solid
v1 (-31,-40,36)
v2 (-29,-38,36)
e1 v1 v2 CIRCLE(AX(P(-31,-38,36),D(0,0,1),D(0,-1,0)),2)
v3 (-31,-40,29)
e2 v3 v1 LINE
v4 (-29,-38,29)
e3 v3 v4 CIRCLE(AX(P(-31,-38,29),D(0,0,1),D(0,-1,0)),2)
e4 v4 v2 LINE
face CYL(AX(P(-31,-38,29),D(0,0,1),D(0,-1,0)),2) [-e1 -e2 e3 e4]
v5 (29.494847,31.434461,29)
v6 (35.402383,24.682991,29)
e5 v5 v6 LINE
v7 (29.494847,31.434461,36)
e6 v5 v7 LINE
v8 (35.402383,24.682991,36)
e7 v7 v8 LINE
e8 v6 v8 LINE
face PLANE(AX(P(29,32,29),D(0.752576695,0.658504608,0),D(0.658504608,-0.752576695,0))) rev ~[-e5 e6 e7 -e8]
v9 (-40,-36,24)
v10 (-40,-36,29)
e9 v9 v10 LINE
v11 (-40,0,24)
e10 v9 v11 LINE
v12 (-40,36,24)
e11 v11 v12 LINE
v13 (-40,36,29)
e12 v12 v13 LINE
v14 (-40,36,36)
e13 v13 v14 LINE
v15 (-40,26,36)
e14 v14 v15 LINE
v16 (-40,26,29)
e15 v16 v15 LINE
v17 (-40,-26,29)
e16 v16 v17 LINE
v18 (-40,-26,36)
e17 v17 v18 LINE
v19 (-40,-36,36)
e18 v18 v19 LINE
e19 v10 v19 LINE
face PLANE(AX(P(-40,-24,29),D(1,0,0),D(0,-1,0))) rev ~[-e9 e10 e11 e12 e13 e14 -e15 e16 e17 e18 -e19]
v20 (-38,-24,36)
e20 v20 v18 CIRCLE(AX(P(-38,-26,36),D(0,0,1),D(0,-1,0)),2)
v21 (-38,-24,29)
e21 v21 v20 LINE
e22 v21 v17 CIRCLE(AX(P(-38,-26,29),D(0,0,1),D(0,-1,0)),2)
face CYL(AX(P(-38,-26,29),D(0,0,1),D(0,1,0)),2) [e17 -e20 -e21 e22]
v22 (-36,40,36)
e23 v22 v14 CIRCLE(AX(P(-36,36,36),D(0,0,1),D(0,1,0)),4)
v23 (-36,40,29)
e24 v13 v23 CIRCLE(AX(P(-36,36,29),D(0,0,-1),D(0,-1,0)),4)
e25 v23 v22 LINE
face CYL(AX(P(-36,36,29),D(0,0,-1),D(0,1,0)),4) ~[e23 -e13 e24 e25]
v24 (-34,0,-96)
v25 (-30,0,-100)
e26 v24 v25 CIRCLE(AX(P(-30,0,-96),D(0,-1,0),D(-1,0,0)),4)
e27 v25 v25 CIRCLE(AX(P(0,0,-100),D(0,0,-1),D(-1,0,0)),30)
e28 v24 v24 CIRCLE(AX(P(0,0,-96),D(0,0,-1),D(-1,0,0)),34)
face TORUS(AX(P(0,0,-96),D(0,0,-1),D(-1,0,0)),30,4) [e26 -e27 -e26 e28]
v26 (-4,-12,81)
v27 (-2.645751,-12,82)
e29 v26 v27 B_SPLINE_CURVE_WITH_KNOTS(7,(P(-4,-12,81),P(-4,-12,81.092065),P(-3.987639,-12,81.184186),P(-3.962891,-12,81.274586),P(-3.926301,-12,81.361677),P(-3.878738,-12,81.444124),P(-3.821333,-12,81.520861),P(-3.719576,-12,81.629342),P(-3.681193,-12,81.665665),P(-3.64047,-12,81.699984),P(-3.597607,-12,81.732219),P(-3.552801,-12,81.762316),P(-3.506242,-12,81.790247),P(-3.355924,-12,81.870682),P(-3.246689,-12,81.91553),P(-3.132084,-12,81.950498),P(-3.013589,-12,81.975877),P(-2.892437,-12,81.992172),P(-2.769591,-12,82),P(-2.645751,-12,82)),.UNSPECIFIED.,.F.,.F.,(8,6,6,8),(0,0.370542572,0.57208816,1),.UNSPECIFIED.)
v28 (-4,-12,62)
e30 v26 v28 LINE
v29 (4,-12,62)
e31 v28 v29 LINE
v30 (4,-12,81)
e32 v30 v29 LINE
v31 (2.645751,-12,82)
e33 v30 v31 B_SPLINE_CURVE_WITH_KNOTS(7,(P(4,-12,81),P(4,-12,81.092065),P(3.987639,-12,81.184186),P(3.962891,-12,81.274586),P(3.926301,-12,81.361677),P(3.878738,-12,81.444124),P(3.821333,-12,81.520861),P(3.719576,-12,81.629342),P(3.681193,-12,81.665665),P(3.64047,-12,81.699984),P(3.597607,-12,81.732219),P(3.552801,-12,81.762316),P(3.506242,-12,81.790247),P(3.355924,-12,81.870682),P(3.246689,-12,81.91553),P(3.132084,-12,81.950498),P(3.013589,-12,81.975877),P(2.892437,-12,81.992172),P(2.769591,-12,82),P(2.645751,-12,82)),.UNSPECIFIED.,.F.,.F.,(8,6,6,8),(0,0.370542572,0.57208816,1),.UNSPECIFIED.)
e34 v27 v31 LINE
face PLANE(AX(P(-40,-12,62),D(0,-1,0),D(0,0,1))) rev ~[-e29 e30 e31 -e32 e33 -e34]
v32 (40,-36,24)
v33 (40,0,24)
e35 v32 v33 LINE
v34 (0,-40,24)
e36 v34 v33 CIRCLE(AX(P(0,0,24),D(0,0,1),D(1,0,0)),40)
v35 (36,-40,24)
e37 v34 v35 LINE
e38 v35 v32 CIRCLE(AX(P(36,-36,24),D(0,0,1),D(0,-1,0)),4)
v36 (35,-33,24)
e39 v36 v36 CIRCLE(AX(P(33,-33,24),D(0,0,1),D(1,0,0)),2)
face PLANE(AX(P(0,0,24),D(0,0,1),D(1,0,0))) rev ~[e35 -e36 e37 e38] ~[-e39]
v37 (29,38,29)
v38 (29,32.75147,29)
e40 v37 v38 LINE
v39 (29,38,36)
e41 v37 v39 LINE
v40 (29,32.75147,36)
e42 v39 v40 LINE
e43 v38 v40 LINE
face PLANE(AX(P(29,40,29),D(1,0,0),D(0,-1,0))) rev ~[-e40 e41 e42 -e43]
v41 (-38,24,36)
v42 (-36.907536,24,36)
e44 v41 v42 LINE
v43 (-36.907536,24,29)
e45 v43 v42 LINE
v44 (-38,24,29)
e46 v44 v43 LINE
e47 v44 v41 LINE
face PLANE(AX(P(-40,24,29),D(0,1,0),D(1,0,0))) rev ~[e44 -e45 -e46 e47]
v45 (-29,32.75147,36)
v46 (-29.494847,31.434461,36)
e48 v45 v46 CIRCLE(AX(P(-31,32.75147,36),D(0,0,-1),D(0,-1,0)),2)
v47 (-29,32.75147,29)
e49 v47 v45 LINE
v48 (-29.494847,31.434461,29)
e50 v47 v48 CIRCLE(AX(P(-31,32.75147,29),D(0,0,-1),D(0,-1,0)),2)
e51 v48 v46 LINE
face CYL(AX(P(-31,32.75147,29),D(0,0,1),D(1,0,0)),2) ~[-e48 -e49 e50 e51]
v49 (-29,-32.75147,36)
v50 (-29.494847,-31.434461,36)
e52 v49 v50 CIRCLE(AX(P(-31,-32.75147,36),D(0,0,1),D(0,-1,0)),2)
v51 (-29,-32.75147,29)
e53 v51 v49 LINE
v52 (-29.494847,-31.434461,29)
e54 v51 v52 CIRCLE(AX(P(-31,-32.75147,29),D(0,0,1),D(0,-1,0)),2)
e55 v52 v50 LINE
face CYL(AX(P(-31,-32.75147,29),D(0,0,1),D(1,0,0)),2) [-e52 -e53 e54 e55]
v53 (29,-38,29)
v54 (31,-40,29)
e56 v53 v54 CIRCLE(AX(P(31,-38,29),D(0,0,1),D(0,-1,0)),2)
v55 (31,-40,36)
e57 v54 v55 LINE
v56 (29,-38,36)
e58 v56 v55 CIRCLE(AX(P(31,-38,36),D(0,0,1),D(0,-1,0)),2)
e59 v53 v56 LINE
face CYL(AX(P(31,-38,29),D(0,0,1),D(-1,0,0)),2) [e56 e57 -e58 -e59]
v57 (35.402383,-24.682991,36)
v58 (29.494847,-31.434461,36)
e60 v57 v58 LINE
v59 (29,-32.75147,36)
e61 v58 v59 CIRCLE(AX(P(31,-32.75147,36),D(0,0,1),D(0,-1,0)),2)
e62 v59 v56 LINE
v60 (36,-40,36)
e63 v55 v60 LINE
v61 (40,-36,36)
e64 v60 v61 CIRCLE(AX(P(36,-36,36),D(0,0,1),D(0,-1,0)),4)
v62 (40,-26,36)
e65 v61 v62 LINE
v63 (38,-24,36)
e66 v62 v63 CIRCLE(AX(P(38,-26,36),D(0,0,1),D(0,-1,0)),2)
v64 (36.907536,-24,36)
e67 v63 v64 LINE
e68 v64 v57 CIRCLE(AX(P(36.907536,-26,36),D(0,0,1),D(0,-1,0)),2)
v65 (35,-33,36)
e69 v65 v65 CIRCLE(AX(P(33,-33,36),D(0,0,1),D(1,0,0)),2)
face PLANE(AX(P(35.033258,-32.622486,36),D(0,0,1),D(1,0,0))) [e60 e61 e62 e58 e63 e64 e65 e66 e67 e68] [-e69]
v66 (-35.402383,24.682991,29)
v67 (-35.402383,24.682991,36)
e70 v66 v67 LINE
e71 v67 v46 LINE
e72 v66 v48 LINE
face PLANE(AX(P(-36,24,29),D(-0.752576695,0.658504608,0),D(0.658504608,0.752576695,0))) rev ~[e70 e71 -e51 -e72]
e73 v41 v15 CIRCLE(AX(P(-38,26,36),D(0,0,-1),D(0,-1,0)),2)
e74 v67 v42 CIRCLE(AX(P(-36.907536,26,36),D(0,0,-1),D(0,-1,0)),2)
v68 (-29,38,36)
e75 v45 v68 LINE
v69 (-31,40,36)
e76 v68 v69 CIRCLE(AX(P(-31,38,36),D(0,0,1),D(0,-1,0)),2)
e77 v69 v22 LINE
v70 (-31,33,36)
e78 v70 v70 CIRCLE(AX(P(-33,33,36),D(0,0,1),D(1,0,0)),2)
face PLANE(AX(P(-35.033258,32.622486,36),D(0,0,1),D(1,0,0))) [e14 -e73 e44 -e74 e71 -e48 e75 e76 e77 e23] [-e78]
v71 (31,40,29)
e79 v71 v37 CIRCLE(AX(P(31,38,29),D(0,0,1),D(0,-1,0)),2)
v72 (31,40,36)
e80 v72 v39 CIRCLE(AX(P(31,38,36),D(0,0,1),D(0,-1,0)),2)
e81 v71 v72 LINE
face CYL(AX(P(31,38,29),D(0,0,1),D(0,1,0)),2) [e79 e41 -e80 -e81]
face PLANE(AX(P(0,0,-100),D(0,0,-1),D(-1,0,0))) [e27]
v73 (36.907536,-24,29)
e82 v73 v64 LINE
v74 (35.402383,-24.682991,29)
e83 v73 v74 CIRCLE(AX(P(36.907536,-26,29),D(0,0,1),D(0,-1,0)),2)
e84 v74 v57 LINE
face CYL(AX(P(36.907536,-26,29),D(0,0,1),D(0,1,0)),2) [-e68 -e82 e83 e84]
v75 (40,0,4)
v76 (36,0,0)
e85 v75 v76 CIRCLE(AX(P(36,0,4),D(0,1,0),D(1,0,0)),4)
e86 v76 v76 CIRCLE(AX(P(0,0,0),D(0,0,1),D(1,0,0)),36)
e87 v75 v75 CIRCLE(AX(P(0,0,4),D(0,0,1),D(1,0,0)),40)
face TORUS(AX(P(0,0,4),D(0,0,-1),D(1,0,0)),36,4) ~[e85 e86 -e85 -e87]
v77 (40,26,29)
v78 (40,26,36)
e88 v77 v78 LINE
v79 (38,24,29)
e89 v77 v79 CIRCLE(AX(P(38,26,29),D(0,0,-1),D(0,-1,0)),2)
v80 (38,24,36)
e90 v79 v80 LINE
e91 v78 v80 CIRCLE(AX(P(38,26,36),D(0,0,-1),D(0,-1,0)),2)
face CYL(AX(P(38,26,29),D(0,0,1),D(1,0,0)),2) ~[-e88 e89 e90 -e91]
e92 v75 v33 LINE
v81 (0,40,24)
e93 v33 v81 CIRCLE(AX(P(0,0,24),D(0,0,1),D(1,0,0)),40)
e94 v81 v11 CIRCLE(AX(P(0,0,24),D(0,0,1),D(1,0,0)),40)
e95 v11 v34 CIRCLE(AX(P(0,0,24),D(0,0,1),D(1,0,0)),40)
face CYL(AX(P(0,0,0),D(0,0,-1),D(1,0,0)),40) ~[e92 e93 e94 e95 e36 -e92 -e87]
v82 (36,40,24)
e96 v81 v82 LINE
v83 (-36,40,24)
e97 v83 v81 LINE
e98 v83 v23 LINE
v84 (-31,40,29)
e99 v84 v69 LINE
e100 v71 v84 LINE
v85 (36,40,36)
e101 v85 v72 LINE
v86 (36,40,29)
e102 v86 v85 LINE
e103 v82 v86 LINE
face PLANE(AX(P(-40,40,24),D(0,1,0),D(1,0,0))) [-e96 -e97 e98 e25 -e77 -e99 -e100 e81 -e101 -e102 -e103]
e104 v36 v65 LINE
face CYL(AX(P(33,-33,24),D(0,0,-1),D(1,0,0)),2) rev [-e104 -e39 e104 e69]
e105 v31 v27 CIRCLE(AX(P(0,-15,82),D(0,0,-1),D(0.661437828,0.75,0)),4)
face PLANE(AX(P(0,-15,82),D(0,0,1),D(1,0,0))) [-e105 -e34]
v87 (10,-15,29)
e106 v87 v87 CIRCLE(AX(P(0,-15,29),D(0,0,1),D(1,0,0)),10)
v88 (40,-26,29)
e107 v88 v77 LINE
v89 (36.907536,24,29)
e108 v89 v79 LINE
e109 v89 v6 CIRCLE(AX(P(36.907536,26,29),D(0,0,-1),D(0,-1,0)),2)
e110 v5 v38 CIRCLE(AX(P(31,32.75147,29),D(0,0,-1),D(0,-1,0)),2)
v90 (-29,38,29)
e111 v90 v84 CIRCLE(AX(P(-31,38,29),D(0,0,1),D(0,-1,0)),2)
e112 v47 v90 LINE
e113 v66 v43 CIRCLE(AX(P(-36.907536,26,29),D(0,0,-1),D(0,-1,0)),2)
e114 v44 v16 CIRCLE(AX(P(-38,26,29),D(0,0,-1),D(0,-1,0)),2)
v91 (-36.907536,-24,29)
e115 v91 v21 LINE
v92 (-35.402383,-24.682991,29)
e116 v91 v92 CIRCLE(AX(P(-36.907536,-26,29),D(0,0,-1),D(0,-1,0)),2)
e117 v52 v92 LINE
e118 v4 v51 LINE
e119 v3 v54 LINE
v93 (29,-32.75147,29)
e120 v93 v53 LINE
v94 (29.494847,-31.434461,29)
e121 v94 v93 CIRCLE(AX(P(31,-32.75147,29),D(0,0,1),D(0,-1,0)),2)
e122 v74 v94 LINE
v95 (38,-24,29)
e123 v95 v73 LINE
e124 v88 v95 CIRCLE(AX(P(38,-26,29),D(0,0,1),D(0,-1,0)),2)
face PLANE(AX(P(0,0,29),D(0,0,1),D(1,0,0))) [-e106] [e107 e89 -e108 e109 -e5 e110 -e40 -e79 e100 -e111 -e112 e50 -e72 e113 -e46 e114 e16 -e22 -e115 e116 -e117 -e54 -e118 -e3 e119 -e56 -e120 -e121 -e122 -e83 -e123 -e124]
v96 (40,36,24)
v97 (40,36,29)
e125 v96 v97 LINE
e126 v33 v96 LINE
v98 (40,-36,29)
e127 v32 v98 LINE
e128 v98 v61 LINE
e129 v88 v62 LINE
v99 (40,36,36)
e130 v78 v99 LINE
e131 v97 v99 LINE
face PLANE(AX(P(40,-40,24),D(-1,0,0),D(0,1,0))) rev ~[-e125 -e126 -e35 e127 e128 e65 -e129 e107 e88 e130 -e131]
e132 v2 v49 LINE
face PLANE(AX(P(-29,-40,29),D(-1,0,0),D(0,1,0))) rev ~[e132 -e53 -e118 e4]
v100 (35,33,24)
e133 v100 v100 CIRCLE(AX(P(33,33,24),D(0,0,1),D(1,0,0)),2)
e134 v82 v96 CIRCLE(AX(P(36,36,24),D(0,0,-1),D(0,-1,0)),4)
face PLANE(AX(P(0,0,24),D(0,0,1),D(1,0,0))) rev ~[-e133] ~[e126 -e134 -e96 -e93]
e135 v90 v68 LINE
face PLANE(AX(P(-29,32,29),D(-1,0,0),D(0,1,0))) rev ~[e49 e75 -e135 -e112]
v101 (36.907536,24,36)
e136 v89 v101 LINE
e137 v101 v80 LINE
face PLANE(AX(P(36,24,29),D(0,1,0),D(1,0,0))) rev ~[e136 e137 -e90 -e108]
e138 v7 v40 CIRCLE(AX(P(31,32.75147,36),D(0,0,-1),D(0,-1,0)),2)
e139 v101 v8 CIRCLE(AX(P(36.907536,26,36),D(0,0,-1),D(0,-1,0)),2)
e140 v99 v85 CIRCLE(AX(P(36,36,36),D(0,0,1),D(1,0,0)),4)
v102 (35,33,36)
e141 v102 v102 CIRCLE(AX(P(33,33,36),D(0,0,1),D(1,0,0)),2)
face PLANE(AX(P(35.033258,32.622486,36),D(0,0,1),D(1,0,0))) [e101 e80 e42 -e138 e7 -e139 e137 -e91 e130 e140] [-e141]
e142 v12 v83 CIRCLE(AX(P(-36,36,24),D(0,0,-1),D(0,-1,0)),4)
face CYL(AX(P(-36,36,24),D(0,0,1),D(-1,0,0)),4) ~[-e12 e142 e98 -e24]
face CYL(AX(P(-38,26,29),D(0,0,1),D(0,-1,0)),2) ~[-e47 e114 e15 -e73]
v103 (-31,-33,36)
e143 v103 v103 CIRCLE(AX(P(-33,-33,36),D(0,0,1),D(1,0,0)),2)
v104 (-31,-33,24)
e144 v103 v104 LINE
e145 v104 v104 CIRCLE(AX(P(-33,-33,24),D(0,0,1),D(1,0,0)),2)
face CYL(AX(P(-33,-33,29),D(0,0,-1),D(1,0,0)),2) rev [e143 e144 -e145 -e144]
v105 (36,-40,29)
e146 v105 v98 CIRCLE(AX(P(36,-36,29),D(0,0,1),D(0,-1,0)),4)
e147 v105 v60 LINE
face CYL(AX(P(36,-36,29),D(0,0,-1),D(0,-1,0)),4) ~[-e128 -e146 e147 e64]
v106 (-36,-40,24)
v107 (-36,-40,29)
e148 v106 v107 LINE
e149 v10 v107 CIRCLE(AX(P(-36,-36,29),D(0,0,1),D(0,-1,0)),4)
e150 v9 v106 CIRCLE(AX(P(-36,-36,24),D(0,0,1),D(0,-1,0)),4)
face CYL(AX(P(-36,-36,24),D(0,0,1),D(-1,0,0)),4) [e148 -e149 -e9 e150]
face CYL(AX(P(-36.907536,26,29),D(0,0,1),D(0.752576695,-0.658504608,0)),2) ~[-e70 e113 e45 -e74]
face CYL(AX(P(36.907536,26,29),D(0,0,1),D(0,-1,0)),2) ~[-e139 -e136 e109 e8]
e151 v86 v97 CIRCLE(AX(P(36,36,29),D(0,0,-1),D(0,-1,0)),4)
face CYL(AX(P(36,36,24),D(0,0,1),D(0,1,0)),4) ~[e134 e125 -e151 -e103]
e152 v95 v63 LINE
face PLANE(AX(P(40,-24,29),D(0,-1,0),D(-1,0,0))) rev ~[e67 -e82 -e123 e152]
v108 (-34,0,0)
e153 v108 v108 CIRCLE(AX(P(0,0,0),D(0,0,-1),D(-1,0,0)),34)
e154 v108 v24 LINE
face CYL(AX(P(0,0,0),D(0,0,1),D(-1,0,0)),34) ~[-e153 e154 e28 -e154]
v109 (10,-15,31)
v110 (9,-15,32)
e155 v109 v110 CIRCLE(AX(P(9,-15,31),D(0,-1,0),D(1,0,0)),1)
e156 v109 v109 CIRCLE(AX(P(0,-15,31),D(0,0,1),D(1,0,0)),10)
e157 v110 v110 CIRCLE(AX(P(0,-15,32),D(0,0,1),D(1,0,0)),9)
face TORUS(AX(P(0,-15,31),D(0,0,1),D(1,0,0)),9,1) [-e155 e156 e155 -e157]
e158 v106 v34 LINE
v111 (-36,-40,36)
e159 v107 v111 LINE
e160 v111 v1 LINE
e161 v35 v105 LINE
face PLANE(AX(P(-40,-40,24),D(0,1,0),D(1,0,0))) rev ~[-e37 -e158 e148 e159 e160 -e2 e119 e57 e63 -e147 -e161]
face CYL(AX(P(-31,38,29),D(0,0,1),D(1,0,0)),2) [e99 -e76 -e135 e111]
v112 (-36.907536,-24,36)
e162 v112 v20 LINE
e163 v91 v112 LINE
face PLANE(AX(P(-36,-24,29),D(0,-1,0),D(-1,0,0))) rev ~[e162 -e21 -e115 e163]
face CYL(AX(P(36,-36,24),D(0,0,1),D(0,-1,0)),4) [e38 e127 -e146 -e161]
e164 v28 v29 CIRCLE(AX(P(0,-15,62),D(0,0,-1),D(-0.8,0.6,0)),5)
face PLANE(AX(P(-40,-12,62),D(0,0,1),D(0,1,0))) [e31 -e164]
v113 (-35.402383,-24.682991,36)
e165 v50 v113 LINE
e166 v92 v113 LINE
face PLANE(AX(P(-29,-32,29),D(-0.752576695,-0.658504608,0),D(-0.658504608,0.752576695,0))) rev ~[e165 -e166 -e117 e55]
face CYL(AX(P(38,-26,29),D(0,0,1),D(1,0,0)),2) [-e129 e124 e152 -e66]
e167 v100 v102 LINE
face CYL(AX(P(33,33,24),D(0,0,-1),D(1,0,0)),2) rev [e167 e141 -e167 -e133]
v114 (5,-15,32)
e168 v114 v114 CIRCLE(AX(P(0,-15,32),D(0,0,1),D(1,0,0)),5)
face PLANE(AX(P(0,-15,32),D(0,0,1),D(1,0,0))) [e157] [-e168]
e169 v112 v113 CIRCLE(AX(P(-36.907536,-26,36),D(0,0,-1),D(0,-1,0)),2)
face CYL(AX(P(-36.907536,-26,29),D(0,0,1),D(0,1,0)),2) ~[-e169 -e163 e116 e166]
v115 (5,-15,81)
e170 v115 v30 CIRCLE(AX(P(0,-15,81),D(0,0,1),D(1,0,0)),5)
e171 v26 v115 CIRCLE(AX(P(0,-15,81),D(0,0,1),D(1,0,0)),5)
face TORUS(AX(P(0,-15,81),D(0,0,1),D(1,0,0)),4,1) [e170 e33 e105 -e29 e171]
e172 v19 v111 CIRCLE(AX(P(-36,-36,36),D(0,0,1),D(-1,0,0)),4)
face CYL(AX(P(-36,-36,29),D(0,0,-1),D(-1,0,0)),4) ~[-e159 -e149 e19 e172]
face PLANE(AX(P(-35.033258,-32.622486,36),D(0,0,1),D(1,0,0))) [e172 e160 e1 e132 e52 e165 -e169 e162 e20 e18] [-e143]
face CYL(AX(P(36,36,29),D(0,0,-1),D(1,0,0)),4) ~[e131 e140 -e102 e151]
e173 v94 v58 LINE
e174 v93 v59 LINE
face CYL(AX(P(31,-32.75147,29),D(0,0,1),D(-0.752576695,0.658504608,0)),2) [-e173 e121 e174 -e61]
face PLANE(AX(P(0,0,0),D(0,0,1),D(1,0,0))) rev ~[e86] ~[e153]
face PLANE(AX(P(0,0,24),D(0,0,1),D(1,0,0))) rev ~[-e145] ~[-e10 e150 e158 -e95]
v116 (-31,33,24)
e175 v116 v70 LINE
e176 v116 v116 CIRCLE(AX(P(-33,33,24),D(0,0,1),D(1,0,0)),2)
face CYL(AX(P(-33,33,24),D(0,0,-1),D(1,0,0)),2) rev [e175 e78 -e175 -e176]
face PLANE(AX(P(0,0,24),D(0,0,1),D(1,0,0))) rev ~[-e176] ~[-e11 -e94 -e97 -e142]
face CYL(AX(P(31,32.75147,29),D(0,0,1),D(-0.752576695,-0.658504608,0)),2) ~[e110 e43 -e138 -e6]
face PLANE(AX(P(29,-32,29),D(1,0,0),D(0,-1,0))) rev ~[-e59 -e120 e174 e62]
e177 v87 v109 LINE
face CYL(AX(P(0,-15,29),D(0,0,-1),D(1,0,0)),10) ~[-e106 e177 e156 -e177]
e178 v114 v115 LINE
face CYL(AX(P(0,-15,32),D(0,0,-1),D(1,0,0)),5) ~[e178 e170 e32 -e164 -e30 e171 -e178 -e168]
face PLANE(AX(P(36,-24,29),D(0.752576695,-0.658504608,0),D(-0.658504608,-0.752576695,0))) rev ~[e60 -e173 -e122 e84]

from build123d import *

# Parameters (mm, degrees)
SKETCH1_R               = 40
BOSS_EXTRUDE1_DEPTH     = 24
SKETCH2_W               = 80
SKETCH2_H               = 80
SKETCH2_R               = 2
BOSS_EXTRUDE2_DEPTH     = 5
FILLET1_R               = 4
SKETCH3_R               = 34
BOSS_EXTRUDE3_DEPTH     = 100
FILLET2_R               = 4
SKETCH4_R               = 10
BOSS_EXTRUDE4_DEPTH     = 3
SKETCH5_R               = 5
BOSS_EXTRUDE5_DEPTH     = 50
FILLET3_R               = 1
FILLET4_R               = 1
SKETCH6_W               = 26.979088542
SKETCH6_H               = 2
CUT_EXTRUDE1_DEPTH      = 1
CUT_EXTRUDE1_DEPTH_BACK = 81
SKETCH8_R               = 2
BOSS_EXTRUDE6_DEPTH     = 7
FILLET5_R               = 2


with BuildPart() as part:
    # Sketch1 → Boss-Extrude1 (new body)
    with BuildSketch(Plane.XY):
        Circle(SKETCH1_R)
    extrude(amount=BOSS_EXTRUDE1_DEPTH)

    # Sketch2 → Boss-Extrude2 (add)
    with BuildSketch(Plane.XY.offset(24)):
        Rectangle(SKETCH2_W, SKETCH2_H)
        with Locations((33, -33)):
            Circle(SKETCH2_R, mode=Mode.SUBTRACT)
        with Locations((-33, 33)):
            Circle(SKETCH2_R, mode=Mode.SUBTRACT)
        with Locations((33, 33)):
            Circle(SKETCH2_R, mode=Mode.SUBTRACT)
        with Locations((-33, -33)):
            Circle(SKETCH2_R, mode=Mode.SUBTRACT)
    extrude(amount=BOSS_EXTRUDE2_DEPTH)

    # Fillet1
    fillet1_edges = [part.edges().sort_by_distance(p)[0] for p in [
        (40, 40, 26.5),
        (-40, 40, 26.5),
        (-40, -40, 26.5),
        (40, -40, 26.5),
    ]]
    fillet(fillet1_edges, radius=FILLET1_R)

    # Sketch3 → Boss-Extrude3 (add)
    with BuildSketch(Plane(origin=(0, 0, 0), x_dir=(-1, 0, 0), z_dir=(0, 0, -1))):
        Circle(SKETCH3_R)
    extrude(amount=BOSS_EXTRUDE3_DEPTH)

    # Fillet2
    fillet2_edges = [part.edges().sort_by_distance(p)[0] for p in [
        (-40, 0, 0),
        (34, 0, -100),
    ]]
    fillet(fillet2_edges, radius=FILLET2_R)

    # Sketch4 → Boss-Extrude4 (add)
    with BuildSketch(Plane.XY.offset(29)):
        with Locations((0, -15)):
            Circle(SKETCH4_R)
    extrude(amount=BOSS_EXTRUDE4_DEPTH)

    # Sketch5 → Boss-Extrude5 (add)
    with BuildSketch(Plane.XY.offset(32)):
        with Locations((0, -15)):
            Circle(SKETCH5_R)
    extrude(amount=BOSS_EXTRUDE5_DEPTH)

    # Fillet3
    fillet3_edges = [part.edges().sort_by_distance(p)[0] for p in [
        (-10, -15, 32),
    ]]
    fillet(fillet3_edges, radius=FILLET3_R)

    # Fillet4
    fillet4_edges = [part.edges().sort_by_distance(p)[0] for p in [
        (-5, -15, 82),
    ]]
    fillet(fillet4_edges, radius=FILLET4_R)

    # Sketch6 → Cut-Extrude1 (cut, two sides)
    with BuildSketch(Plane.ZY.offset(40)) as cut_extrude1_sk:
        with Locations((75.489544271, -11)):
            Rectangle(SKETCH6_W, SKETCH6_H)
    extrude(amount=CUT_EXTRUDE1_DEPTH, mode=Mode.SUBTRACT)
    extrude(cut_extrude1_sk.sketch, amount=-CUT_EXTRUDE1_DEPTH_BACK, mode=Mode.SUBTRACT)

    # Sketch8 → Boss-Extrude6 (add)
    with BuildSketch(Plane.XY.offset(29)):
        with BuildLine():
            Line((-36, -24), (-40, -24))
            Line((-40, -24), (-40, -36))
            ThreePointArc((-40, -36), (-38.828427125, -38.828427125), (-36, -40))
            Line((-36, -40), (-29, -40))
            Line((-29, -40), (-29, -32))
            Line((-29, -32), (-36, -24))
        make_face()
        with Locations((-33, -33)):
            Circle(SKETCH8_R, mode=Mode.SUBTRACT)
        with BuildLine():
            Line((29, -32), (29, -40))
            Line((29, -40), (36, -40))
            ThreePointArc((36, -40), (38.828427125, -38.828427125), (40, -36))
            Line((40, -36), (40, -24))
            Line((40, -24), (36, -24))
            Line((36, -24), (29, -32))
        make_face()
        with Locations((33, -33)):
            Circle(SKETCH8_R, mode=Mode.SUBTRACT)
        with BuildLine():
            Line((-40, 36), (-40, 24))
            Line((-40, 24), (-36, 24))
            Line((-36, 24), (-29, 32))
            Line((-29, 32), (-29, 40))
            Line((-29, 40), (-36, 40))
            ThreePointArc((-36, 40), (-38.828427125, 38.828427125), (-40, 36))
        make_face()
        with Locations((-33, 33)):
            Circle(SKETCH8_R, mode=Mode.SUBTRACT)
        with BuildLine():
            Line((36, 40), (29, 40))
            Line((29, 40), (29, 32))
            Line((29, 32), (36, 24))
            Line((36, 24), (40, 24))
            Line((40, 24), (40, 36))
            ThreePointArc((40, 36), (38.828427125, 38.828427125), (36, 40))
        make_face()
        with Locations((33, 33)):
            Circle(SKETCH8_R, mode=Mode.SUBTRACT)
    extrude(amount=BOSS_EXTRUDE6_DEPTH)

    # Fillet5
    fillet5_edges = [part.edges().sort_by_distance(p)[0] for p in [
        (-36, -24, 32.5),
        (-40, -24, 32.5),
        (-29, -40, 32.5),
        (-29, -32, 32.5),
        (36, -24, 32.5),
        (29, -32, 32.5),
        (29, -40, 32.5),
        (40, -24, 32.5),
        (-36, 24, 32.5),
        (-29, 32, 32.5),
        (-29, 40, 32.5),
        (-40, 24, 32.5),
        (36, 24, 32.5),
        (40, 24, 32.5),
        (29, 40, 32.5),
        (29, 32, 32.5),
    ]]
    fillet(fillet5_edges, radius=FILLET5_R)


solid = part.part
